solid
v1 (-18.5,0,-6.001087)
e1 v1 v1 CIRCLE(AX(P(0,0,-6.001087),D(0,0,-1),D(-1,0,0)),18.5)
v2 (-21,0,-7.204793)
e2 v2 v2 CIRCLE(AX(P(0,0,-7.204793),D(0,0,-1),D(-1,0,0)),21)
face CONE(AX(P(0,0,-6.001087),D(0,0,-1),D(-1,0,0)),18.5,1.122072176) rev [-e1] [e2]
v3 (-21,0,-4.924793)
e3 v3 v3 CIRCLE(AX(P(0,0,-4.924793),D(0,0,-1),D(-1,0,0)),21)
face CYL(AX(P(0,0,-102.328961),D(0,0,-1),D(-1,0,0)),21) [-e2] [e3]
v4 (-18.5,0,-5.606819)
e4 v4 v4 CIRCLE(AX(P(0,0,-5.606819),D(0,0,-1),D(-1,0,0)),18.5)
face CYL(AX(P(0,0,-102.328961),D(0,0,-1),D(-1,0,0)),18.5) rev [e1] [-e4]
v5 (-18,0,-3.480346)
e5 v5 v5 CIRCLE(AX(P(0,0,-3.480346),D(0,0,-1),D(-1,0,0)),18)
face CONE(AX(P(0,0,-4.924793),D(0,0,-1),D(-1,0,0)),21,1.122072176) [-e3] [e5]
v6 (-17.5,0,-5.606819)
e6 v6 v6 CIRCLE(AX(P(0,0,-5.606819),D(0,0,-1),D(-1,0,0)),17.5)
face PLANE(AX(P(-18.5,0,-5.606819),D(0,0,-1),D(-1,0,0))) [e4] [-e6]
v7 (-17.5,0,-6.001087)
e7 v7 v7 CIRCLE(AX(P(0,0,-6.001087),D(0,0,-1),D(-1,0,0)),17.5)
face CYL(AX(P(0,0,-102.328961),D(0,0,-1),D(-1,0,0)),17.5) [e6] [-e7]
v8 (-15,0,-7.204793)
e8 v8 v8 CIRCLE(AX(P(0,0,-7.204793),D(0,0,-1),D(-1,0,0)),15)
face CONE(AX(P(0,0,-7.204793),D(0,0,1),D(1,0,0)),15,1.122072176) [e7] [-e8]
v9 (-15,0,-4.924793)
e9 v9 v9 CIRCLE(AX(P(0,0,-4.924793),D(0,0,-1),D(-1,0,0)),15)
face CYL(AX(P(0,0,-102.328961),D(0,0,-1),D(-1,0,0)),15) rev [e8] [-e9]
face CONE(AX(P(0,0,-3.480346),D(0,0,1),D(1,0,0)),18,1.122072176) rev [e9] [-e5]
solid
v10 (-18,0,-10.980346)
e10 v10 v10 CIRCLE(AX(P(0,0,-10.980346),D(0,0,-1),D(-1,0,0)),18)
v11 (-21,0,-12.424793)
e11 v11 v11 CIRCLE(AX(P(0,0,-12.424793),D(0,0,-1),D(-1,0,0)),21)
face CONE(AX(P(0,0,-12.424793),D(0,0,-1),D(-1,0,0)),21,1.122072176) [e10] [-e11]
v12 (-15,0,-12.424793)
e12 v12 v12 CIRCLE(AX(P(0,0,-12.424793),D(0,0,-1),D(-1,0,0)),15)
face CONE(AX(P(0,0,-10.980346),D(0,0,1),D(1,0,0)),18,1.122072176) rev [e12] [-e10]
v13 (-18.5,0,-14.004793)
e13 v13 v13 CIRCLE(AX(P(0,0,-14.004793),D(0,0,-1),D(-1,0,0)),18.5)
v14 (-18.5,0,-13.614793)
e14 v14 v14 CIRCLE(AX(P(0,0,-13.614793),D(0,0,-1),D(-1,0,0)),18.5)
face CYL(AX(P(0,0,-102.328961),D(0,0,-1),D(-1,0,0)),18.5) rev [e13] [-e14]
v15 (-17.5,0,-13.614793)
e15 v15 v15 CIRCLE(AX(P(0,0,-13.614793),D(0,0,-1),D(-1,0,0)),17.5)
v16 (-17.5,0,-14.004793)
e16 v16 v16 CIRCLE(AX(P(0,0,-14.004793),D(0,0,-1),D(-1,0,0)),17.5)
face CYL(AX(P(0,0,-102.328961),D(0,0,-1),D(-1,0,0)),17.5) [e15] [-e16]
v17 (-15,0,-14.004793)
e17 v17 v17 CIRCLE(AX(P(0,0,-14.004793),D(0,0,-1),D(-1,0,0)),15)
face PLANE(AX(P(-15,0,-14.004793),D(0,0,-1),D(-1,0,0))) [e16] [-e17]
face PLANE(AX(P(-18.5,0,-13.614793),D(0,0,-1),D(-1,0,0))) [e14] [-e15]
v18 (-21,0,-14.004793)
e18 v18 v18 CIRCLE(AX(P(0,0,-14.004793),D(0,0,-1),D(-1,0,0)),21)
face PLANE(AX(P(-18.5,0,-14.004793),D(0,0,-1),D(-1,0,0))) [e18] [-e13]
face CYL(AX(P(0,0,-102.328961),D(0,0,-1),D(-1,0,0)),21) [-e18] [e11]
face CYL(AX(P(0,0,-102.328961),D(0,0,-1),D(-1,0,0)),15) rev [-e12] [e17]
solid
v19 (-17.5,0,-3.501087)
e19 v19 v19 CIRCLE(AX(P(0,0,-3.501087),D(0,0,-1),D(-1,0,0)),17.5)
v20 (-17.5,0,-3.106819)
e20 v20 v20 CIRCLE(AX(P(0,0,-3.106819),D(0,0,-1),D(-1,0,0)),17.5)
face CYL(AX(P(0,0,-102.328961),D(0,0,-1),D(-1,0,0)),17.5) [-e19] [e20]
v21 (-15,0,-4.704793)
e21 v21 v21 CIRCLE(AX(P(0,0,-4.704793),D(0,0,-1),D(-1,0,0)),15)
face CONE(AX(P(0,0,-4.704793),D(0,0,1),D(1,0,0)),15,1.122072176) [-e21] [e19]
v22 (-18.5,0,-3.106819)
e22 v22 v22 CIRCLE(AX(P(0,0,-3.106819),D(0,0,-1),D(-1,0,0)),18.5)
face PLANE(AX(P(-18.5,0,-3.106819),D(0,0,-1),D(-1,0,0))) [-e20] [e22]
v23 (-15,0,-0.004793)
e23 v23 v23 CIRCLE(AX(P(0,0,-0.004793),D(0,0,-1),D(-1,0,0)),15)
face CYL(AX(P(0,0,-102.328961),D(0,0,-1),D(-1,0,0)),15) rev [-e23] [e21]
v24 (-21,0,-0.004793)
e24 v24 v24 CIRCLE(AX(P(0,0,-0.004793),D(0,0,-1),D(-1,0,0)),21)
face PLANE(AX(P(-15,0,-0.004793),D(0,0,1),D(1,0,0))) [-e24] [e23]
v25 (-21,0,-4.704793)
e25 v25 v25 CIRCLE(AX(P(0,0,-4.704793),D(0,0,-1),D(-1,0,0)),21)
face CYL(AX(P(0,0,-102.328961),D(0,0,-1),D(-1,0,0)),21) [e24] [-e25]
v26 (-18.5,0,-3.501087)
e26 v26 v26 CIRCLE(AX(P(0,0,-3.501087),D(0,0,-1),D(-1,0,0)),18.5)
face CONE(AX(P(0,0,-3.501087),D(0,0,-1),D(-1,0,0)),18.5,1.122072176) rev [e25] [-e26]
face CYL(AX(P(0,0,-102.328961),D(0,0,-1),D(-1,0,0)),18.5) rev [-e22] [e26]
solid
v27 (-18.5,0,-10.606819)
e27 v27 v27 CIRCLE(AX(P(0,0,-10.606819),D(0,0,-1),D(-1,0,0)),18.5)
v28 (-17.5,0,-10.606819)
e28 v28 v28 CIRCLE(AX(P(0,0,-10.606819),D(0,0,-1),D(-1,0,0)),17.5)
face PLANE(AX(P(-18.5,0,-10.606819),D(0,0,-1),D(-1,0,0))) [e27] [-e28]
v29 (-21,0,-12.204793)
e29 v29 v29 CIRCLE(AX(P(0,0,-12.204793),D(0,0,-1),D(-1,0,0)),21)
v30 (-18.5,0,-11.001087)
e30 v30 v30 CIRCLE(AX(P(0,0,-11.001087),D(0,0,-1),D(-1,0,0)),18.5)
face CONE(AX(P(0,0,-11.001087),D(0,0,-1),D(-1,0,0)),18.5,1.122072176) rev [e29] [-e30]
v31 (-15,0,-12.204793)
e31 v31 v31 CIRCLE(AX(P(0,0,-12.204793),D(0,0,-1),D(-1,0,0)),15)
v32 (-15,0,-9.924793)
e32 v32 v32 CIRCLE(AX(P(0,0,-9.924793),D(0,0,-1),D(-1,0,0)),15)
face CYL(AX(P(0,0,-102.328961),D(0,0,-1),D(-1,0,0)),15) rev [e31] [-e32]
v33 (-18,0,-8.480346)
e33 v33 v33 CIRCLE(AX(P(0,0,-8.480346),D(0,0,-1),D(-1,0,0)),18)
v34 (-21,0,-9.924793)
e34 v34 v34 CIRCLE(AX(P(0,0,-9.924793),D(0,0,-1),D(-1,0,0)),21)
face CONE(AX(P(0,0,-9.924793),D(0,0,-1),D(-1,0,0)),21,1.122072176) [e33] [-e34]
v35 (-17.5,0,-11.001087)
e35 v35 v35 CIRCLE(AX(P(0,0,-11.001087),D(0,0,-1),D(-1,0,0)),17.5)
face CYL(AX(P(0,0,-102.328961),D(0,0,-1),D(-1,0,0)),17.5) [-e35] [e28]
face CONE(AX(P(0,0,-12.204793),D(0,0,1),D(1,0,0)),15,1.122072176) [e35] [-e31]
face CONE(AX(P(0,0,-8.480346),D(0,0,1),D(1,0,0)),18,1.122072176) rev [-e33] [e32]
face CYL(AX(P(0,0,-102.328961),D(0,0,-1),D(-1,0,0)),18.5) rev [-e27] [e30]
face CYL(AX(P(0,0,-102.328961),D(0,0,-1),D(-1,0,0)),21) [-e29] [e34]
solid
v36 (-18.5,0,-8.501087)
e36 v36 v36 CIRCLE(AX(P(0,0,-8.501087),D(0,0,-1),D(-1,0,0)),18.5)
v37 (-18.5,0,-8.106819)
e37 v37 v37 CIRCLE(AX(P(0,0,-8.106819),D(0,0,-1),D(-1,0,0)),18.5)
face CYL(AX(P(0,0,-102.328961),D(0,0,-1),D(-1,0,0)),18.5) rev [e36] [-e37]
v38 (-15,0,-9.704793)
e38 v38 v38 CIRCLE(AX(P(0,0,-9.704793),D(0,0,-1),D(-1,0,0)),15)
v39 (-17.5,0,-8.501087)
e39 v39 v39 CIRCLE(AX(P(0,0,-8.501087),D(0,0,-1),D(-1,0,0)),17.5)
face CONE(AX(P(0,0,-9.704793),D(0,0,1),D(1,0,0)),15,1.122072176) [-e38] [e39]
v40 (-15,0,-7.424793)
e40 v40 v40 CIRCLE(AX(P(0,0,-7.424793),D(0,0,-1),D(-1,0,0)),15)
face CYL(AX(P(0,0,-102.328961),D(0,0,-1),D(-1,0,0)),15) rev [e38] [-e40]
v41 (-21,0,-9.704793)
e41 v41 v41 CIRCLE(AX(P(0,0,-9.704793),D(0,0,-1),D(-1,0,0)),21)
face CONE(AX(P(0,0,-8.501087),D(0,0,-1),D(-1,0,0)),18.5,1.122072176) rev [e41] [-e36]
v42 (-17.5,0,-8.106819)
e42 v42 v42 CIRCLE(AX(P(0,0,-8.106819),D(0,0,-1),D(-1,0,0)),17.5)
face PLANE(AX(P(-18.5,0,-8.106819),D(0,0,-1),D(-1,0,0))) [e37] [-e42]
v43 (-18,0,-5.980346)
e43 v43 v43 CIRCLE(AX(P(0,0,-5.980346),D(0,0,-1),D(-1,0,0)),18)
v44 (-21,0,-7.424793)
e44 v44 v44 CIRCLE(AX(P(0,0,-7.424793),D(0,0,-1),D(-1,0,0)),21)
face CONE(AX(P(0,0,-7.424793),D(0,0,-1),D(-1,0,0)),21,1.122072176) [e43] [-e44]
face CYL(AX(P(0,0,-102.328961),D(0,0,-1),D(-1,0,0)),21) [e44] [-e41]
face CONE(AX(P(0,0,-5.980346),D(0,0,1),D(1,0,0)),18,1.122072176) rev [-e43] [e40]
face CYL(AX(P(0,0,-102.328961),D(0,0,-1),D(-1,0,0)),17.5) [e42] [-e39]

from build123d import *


with BuildPart() as part:
    # Sketch4 → Revolve1 (revolve)
    with BuildSketch(Plane(origin=(0, 0, 0), x_dir=(1, 0, 0), z_dir=(0, 1, 0))):
        Polygon((-15, 0.004793102), (-21, 0.004793102), (-21, 4.704793102), (-18.5, 3.501086914), (-18.5, 3.106819455), (-17.5, 3.106819455), (-17.5, 3.501086914), (-15, 4.704793102), align=None)
        Polygon((-15, 14.004793102), (-17.5, 14.004793102), (-17.5, 13.614793102), (-18.5, 13.614793102), (-18.5, 14.004793102), (-21, 14.004793102), (-21, 12.424793102), (-18, 10.980345677), (-15, 12.424793102), align=None)
        Polygon((-17.5, 11.001086914), (-15, 12.204793102), (-15, 9.924793102), (-18, 8.480345677), (-21, 9.924793102), (-21, 12.204793102), (-18.5, 11.001086914), (-18.5, 10.606819455), (-17.5, 10.606819455), align=None)
        Polygon((-21, 9.704793102), (-18.5, 8.501086914), (-18.5, 8.106819455), (-17.5, 8.106819455), (-17.5, 8.501086914), (-15, 9.704793102), (-15, 7.424793102), (-18, 5.980345677), (-21, 7.424793102), align=None)
        Polygon((-21, 7.204793102), (-18.5, 6.001086914), (-18.5, 5.606819455), (-17.5, 5.606819455), (-17.5, 6.001086914), (-15, 7.204793102), (-15, 4.924793102), (-18, 3.480345677), (-21, 4.924793102), align=None)
    revolve(axis=Axis((0, 0, -102.328960849), (0, 0, 1)))


solid = part.part
